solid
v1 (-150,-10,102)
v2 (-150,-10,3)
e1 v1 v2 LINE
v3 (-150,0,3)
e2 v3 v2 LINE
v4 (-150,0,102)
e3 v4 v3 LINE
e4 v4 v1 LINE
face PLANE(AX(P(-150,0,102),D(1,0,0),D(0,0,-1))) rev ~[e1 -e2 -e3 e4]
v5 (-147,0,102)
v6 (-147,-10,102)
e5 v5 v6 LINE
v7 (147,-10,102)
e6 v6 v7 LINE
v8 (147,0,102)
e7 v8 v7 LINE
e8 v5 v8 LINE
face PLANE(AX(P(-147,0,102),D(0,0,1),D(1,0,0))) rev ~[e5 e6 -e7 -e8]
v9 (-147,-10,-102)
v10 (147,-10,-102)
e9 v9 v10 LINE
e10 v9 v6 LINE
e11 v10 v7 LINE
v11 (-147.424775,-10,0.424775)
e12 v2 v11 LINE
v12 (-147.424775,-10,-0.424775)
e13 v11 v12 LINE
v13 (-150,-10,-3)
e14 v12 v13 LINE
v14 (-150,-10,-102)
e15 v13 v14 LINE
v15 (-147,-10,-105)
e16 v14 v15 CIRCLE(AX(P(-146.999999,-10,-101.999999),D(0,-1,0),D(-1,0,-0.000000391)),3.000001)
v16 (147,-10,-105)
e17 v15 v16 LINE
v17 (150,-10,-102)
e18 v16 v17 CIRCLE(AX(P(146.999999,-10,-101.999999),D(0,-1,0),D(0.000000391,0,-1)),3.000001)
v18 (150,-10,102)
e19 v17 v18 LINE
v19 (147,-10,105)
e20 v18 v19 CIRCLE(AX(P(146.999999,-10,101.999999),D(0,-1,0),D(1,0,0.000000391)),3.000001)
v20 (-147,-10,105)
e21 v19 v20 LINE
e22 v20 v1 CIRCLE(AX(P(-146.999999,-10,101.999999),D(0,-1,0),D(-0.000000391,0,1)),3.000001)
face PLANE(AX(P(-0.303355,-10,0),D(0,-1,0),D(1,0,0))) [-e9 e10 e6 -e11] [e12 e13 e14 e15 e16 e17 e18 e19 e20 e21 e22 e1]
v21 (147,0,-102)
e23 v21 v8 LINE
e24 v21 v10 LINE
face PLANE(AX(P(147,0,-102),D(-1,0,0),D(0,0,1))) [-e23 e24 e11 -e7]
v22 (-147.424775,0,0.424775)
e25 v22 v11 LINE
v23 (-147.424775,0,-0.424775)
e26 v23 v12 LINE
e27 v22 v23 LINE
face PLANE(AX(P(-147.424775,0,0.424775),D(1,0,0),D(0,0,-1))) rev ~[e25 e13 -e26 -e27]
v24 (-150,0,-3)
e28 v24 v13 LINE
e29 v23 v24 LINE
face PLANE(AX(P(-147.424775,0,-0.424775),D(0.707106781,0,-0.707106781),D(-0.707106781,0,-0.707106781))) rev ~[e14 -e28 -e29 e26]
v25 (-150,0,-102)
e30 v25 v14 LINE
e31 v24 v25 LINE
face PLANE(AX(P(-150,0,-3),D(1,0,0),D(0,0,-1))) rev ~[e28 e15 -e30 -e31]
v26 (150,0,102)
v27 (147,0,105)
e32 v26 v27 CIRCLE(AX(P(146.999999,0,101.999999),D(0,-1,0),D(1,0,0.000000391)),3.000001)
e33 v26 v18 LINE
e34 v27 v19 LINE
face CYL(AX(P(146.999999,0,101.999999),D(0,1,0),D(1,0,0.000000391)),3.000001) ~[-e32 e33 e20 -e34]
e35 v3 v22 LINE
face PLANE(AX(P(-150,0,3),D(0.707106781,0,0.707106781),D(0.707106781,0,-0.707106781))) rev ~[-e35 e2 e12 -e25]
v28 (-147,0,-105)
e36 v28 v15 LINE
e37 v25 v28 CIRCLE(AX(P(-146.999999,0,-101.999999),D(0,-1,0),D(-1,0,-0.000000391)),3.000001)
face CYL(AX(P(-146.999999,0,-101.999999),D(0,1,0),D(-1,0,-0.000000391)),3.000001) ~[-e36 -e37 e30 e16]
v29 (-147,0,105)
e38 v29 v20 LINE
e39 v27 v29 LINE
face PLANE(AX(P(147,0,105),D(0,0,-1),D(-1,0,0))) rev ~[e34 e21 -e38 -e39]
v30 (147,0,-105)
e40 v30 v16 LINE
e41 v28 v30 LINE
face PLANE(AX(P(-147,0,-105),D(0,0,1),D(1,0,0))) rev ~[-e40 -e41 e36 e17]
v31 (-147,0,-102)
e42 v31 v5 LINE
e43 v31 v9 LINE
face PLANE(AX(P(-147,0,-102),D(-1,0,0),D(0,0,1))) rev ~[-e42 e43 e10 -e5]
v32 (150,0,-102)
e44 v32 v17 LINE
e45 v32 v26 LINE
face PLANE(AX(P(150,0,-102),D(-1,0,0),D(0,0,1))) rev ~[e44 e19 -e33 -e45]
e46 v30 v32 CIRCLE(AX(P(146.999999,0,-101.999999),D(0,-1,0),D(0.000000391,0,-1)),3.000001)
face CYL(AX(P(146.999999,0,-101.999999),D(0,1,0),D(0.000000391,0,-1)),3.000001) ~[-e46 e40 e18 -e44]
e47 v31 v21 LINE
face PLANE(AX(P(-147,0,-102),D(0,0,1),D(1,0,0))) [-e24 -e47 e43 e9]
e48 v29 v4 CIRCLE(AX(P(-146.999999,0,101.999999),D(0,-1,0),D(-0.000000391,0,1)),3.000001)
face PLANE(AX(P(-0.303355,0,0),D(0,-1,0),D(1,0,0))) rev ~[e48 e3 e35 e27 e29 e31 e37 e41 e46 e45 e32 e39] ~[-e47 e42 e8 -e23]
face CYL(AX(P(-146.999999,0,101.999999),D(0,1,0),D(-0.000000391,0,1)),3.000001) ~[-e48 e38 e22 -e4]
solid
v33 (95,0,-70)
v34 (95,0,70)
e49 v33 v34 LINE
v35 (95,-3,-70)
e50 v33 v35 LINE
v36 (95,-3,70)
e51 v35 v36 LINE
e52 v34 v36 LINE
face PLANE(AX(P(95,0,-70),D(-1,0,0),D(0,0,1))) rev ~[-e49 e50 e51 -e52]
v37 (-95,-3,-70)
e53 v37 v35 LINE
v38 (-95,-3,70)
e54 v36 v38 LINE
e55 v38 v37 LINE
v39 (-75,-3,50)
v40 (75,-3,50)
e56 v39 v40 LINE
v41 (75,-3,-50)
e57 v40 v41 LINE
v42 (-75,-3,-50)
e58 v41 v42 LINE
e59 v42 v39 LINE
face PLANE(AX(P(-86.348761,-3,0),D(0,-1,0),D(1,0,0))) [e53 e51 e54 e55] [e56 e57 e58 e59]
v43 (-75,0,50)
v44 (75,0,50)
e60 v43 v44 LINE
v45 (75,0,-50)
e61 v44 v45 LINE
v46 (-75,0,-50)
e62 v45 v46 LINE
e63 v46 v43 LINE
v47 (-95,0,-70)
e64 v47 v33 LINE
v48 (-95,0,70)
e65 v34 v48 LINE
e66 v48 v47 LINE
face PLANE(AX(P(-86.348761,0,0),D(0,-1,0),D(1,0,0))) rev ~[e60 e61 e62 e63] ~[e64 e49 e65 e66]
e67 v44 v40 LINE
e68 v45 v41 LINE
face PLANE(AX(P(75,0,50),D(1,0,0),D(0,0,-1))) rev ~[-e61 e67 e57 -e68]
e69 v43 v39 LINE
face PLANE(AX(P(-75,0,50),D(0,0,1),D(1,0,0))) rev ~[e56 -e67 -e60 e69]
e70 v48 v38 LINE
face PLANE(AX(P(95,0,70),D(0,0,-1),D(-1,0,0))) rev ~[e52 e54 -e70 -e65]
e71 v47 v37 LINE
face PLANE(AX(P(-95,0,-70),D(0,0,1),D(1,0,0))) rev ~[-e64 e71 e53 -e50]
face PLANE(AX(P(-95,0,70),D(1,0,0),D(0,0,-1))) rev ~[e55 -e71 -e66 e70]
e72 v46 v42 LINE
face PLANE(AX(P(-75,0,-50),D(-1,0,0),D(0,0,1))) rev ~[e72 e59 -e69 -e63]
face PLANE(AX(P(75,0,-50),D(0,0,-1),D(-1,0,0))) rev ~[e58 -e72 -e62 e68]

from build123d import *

# Parameters (mm, degrees)
F0_W     = 294
F0_H     = 204
F1_DEPTH = 10
F2_DEPTH = 3


with BuildPart() as f1:
    # F0 (on Front) → F1 (new body)
    with BuildSketch(Plane.XZ):
        with BuildLine():
            Line((147, 105), (-147, 105))
            ThreePointArc((-147, 105), (-149.12132, 104.12132), (-150, 102))
            Line((-150, 102), (-150, 3))
            Line((-150, 3), (-147.424775, 0.424775))
            Line((-147.424775, 0.424775), (-147.424775, -0.424775))
            Line((-147.424775, -0.424775), (-150, -3))
            Line((-150, -3), (-150, -102))
            ThreePointArc((-150, -102), (-149.12132, -104.12132), (-147, -105))
            Line((-147, -105), (147, -105))
            ThreePointArc((147, -105), (149.12132, -104.12132), (150, -102))
            Line((150, -102), (150, 102))
            ThreePointArc((150, 102), (149.12132, 104.12132), (147, 105))
        make_face()
        Rectangle(F0_W, F0_H, mode=Mode.SUBTRACT)
    extrude(amount=F1_DEPTH)


with BuildPart() as f2:
    # F0 (on Front) → F2 (new body)
    with BuildSketch(Plane.XZ):
        Polygon((-75, 50), (-95, 70), (-95, -70), (-75, -50), align=None)
        Polygon((95, 70), (-95, 70), (-75, 50), (75, 50), align=None)
        Polygon((95, -70), (95, 70), (75, 50), (75, -50), align=None)
        Polygon((-75, -50), (-95, -70), (95, -70), (75, -50), align=None)
    extrude(amount=F2_DEPTH)


solid = Compound([f1.part, f2.part])
